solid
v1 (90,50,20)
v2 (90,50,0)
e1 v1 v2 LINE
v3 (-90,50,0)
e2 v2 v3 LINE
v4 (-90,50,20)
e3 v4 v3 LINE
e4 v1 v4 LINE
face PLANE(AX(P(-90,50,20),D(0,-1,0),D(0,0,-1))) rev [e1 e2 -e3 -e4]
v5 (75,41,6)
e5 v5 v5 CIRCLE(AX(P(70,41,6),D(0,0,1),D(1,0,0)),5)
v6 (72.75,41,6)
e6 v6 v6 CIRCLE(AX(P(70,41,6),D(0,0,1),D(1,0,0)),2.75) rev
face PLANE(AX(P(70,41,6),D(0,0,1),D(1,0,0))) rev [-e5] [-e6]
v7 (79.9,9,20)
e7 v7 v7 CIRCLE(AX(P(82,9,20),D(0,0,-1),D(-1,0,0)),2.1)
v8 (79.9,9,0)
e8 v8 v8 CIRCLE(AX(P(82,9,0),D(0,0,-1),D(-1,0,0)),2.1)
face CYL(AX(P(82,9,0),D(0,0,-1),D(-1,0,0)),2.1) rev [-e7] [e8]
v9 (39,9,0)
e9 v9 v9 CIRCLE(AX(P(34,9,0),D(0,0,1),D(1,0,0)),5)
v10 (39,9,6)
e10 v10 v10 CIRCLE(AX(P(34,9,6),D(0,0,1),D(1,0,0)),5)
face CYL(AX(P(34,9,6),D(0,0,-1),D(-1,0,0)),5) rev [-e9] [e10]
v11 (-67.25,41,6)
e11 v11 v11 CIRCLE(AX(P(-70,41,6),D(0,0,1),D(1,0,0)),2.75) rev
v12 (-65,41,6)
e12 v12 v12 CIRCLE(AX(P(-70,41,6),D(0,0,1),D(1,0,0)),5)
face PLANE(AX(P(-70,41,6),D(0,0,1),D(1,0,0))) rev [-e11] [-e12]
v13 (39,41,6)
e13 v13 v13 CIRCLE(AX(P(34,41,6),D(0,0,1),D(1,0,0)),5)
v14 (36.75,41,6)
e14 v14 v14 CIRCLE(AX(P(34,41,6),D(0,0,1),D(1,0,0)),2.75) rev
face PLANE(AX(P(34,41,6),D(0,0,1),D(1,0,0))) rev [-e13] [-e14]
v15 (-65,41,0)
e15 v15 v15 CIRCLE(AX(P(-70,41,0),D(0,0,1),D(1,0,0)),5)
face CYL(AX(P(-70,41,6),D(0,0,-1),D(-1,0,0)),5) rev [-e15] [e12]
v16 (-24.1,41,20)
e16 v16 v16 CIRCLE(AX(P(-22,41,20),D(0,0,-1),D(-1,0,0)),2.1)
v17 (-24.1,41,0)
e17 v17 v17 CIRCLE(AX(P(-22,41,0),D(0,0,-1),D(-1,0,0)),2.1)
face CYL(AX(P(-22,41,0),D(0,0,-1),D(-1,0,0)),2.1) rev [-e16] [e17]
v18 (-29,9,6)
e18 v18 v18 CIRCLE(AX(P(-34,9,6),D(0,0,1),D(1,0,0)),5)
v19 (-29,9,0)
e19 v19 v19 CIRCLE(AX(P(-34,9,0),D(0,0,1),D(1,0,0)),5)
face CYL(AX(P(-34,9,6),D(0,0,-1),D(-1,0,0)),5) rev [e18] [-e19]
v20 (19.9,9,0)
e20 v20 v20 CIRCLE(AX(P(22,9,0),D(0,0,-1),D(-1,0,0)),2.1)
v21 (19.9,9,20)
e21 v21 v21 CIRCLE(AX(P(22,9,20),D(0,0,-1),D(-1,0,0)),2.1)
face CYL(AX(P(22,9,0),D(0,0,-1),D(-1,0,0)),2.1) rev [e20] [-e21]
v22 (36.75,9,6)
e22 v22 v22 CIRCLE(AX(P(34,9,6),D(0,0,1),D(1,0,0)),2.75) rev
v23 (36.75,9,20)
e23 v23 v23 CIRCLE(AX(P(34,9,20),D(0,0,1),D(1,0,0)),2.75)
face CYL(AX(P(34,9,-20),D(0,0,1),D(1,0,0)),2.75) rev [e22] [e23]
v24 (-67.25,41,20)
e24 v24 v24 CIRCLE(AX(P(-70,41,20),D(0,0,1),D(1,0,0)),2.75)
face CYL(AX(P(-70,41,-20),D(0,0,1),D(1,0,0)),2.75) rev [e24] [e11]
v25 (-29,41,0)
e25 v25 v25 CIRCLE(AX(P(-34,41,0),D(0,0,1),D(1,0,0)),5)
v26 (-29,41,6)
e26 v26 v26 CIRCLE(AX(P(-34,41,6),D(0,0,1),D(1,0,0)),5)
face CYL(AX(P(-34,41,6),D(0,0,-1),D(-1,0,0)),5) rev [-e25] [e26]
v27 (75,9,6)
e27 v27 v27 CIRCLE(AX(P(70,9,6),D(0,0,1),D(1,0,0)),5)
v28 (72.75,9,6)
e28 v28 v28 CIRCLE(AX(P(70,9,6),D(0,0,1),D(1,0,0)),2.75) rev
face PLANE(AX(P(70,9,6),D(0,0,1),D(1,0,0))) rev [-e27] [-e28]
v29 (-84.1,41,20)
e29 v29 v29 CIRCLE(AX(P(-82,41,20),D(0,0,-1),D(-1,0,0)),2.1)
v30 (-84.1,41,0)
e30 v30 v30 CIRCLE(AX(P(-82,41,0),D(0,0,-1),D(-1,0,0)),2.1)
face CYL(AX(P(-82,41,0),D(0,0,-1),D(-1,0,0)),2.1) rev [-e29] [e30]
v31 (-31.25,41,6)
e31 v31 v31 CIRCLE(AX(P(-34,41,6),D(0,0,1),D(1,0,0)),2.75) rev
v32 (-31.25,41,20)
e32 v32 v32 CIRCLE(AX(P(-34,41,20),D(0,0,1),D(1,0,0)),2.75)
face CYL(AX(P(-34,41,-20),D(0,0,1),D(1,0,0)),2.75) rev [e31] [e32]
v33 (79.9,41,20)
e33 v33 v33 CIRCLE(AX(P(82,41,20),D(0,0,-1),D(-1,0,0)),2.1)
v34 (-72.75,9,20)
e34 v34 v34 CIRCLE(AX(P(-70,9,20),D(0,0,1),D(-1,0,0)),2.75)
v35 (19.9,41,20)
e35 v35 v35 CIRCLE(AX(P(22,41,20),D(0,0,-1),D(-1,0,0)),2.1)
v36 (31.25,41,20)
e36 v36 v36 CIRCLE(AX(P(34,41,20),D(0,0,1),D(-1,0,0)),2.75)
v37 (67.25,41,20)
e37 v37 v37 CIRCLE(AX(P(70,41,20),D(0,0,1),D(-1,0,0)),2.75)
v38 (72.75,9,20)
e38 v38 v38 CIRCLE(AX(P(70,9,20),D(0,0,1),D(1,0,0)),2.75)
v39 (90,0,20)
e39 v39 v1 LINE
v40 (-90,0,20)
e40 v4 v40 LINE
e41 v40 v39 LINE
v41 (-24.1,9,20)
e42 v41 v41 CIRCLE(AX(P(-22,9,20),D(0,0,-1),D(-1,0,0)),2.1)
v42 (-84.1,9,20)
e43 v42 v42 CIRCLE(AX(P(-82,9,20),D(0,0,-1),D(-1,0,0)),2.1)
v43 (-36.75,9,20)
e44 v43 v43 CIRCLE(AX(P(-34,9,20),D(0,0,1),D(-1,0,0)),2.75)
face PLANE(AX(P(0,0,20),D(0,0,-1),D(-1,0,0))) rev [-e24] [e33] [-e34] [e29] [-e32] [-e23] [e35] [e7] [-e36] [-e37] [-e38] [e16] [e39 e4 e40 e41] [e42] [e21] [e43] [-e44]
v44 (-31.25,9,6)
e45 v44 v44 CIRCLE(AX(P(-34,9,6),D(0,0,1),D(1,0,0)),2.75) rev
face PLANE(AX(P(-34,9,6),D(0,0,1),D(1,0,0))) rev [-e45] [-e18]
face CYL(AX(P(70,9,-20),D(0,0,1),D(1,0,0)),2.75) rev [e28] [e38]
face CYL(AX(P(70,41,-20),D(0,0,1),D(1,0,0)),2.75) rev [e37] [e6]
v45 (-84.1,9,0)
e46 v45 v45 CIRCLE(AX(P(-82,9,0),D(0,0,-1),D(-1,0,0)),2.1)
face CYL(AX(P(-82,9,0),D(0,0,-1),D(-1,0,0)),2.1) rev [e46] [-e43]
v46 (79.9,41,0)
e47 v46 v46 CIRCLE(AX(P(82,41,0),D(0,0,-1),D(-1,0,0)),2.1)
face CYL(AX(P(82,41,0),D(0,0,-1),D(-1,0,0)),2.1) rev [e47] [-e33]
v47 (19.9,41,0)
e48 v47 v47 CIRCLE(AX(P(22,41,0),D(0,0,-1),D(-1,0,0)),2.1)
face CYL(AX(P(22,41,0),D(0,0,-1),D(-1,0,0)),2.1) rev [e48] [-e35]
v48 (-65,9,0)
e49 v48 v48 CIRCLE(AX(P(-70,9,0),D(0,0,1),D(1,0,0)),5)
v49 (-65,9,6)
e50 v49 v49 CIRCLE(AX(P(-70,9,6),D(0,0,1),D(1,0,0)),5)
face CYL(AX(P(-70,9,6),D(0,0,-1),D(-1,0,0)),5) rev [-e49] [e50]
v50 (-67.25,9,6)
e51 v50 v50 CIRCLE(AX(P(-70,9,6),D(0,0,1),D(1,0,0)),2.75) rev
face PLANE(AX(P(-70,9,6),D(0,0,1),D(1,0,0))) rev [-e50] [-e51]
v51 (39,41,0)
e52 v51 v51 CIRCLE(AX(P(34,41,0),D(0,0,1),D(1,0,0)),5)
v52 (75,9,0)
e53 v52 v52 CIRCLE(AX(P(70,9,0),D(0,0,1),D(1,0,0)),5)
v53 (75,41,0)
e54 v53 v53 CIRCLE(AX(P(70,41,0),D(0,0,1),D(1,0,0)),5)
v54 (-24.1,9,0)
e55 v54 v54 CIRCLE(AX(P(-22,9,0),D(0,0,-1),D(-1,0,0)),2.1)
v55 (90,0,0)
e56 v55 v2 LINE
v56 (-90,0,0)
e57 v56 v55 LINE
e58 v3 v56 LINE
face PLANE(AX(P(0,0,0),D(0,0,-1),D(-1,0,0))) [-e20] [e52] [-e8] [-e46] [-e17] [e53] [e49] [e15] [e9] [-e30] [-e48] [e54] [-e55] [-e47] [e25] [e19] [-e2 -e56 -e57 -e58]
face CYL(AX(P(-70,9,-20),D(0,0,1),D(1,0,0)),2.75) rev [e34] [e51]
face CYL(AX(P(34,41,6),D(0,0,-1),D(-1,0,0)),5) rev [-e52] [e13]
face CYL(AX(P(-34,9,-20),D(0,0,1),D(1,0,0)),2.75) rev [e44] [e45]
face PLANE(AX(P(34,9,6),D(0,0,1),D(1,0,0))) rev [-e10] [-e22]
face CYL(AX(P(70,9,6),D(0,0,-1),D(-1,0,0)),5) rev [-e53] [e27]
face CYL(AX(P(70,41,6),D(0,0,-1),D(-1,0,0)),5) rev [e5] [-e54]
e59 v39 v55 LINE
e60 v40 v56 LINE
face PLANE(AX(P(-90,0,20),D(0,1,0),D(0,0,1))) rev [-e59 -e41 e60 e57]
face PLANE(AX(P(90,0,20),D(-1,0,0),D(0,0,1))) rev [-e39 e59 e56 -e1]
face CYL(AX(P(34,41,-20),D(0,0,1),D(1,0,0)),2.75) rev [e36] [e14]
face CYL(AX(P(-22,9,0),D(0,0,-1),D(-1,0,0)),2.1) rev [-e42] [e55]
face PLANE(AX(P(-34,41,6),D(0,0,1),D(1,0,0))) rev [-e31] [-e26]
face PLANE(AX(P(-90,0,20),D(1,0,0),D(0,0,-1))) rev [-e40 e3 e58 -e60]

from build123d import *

# Parameters (mm, degrees)
SKIZZE1_W                            = 180
SKIZZE1_H                            = 50
AUFSATZ_LINEAR_AUSTRAGEN1_DEPTH      = 20
SKIZZE2_R                            = 2.75
SCHNITT_LINEAR_AUSTRAGEN1_DEPTH      = 40
SKIZZE3_R                            = 5
SCHNITT_LINEAR_AUSTRAGEN2_DEPTH      = 6
F_4_2_4_2_DURCHMESSER_BOHRUNG1_D     = 4.2
F_4_2_4_2_DURCHMESSER_BOHRUNG1_DEPTH = 34
F_4_2_4_2_DURCHMESSER_BOHRUNG1_TIP   = 1.2618073


with BuildPart() as part:
    # Skizze1 → Aufsatz-Linear austragen1 (new body)
    with BuildSketch(Plane.XY):
        with Locations((0, 25)):
            Rectangle(SKIZZE1_W, SKIZZE1_H)
    extrude(amount=AUFSATZ_LINEAR_AUSTRAGEN1_DEPTH)

    # Skizze2 → Schnitt-Linear austragen1 (cut)
    with BuildSketch(Plane.XY.offset(20)):
        with Locations((34, 9)):
            Circle(SKIZZE2_R)
        with Locations((70, 9)):
            Circle(SKIZZE2_R)
        with Locations(Location((70, 41, 0), (0, 0, 180))):
            Circle(SKIZZE2_R)
        with Locations(Location((34, 41, 0), (0, 0, 180))):
            Circle(SKIZZE2_R)
        with Locations(Location((-34, 9, 0), (0, 0, 180))):
            Circle(SKIZZE2_R)
        with Locations(Location((-70, 9, 0), (0, 0, 180))):
            Circle(SKIZZE2_R)
        with Locations((-70, 41)):
            Circle(SKIZZE2_R)
        with Locations((-34, 41)):
            Circle(SKIZZE2_R)
    extrude(amount=-SCHNITT_LINEAR_AUSTRAGEN1_DEPTH, mode=Mode.SUBTRACT)

    # Skizze3 → Schnitt-Linear austragen2 (cut)
    with BuildSketch(Plane.XY):
        with Locations((-70, 41)):
            Circle(SKIZZE3_R)
        with Locations((-34, 41)):
            Circle(SKIZZE3_R)
        with Locations((34, 41)):
            Circle(SKIZZE3_R)
        with Locations((70, 41)):
            Circle(SKIZZE3_R)
        with Locations((70, 9)):
            Circle(SKIZZE3_R)
        with Locations((34, 9)):
            Circle(SKIZZE3_R)
        with Locations((-34, 9)):
            Circle(SKIZZE3_R)
        with Locations((-70, 9)):
            Circle(SKIZZE3_R)
    extrude(amount=SCHNITT_LINEAR_AUSTRAGEN2_DEPTH, mode=Mode.SUBTRACT)

    # Ø4.2 (4.2) Durchmesser Bohrung1
    with Locations(Plane(origin=(0, 0, 0), x_dir=(-1, 0, 0), z_dir=(0, 0, -1))):
        with Locations((-22, 9), (82, 41), (22, 41), (82, 9), (22, 9), (-82, 9), (-82, 41), (-22, 41)):
            Hole(F_4_2_4_2_DURCHMESSER_BOHRUNG1_D / 2, depth=F_4_2_4_2_DURCHMESSER_BOHRUNG1_DEPTH)
            with Locations((0, 0, -(F_4_2_4_2_DURCHMESSER_BOHRUNG1_DEPTH + F_4_2_4_2_DURCHMESSER_BOHRUNG1_TIP / 2))):  # 118° drill point
                Cone(0, F_4_2_4_2_DURCHMESSER_BOHRUNG1_D / 2, F_4_2_4_2_DURCHMESSER_BOHRUNG1_TIP, mode=Mode.SUBTRACT)


solid = part.part
